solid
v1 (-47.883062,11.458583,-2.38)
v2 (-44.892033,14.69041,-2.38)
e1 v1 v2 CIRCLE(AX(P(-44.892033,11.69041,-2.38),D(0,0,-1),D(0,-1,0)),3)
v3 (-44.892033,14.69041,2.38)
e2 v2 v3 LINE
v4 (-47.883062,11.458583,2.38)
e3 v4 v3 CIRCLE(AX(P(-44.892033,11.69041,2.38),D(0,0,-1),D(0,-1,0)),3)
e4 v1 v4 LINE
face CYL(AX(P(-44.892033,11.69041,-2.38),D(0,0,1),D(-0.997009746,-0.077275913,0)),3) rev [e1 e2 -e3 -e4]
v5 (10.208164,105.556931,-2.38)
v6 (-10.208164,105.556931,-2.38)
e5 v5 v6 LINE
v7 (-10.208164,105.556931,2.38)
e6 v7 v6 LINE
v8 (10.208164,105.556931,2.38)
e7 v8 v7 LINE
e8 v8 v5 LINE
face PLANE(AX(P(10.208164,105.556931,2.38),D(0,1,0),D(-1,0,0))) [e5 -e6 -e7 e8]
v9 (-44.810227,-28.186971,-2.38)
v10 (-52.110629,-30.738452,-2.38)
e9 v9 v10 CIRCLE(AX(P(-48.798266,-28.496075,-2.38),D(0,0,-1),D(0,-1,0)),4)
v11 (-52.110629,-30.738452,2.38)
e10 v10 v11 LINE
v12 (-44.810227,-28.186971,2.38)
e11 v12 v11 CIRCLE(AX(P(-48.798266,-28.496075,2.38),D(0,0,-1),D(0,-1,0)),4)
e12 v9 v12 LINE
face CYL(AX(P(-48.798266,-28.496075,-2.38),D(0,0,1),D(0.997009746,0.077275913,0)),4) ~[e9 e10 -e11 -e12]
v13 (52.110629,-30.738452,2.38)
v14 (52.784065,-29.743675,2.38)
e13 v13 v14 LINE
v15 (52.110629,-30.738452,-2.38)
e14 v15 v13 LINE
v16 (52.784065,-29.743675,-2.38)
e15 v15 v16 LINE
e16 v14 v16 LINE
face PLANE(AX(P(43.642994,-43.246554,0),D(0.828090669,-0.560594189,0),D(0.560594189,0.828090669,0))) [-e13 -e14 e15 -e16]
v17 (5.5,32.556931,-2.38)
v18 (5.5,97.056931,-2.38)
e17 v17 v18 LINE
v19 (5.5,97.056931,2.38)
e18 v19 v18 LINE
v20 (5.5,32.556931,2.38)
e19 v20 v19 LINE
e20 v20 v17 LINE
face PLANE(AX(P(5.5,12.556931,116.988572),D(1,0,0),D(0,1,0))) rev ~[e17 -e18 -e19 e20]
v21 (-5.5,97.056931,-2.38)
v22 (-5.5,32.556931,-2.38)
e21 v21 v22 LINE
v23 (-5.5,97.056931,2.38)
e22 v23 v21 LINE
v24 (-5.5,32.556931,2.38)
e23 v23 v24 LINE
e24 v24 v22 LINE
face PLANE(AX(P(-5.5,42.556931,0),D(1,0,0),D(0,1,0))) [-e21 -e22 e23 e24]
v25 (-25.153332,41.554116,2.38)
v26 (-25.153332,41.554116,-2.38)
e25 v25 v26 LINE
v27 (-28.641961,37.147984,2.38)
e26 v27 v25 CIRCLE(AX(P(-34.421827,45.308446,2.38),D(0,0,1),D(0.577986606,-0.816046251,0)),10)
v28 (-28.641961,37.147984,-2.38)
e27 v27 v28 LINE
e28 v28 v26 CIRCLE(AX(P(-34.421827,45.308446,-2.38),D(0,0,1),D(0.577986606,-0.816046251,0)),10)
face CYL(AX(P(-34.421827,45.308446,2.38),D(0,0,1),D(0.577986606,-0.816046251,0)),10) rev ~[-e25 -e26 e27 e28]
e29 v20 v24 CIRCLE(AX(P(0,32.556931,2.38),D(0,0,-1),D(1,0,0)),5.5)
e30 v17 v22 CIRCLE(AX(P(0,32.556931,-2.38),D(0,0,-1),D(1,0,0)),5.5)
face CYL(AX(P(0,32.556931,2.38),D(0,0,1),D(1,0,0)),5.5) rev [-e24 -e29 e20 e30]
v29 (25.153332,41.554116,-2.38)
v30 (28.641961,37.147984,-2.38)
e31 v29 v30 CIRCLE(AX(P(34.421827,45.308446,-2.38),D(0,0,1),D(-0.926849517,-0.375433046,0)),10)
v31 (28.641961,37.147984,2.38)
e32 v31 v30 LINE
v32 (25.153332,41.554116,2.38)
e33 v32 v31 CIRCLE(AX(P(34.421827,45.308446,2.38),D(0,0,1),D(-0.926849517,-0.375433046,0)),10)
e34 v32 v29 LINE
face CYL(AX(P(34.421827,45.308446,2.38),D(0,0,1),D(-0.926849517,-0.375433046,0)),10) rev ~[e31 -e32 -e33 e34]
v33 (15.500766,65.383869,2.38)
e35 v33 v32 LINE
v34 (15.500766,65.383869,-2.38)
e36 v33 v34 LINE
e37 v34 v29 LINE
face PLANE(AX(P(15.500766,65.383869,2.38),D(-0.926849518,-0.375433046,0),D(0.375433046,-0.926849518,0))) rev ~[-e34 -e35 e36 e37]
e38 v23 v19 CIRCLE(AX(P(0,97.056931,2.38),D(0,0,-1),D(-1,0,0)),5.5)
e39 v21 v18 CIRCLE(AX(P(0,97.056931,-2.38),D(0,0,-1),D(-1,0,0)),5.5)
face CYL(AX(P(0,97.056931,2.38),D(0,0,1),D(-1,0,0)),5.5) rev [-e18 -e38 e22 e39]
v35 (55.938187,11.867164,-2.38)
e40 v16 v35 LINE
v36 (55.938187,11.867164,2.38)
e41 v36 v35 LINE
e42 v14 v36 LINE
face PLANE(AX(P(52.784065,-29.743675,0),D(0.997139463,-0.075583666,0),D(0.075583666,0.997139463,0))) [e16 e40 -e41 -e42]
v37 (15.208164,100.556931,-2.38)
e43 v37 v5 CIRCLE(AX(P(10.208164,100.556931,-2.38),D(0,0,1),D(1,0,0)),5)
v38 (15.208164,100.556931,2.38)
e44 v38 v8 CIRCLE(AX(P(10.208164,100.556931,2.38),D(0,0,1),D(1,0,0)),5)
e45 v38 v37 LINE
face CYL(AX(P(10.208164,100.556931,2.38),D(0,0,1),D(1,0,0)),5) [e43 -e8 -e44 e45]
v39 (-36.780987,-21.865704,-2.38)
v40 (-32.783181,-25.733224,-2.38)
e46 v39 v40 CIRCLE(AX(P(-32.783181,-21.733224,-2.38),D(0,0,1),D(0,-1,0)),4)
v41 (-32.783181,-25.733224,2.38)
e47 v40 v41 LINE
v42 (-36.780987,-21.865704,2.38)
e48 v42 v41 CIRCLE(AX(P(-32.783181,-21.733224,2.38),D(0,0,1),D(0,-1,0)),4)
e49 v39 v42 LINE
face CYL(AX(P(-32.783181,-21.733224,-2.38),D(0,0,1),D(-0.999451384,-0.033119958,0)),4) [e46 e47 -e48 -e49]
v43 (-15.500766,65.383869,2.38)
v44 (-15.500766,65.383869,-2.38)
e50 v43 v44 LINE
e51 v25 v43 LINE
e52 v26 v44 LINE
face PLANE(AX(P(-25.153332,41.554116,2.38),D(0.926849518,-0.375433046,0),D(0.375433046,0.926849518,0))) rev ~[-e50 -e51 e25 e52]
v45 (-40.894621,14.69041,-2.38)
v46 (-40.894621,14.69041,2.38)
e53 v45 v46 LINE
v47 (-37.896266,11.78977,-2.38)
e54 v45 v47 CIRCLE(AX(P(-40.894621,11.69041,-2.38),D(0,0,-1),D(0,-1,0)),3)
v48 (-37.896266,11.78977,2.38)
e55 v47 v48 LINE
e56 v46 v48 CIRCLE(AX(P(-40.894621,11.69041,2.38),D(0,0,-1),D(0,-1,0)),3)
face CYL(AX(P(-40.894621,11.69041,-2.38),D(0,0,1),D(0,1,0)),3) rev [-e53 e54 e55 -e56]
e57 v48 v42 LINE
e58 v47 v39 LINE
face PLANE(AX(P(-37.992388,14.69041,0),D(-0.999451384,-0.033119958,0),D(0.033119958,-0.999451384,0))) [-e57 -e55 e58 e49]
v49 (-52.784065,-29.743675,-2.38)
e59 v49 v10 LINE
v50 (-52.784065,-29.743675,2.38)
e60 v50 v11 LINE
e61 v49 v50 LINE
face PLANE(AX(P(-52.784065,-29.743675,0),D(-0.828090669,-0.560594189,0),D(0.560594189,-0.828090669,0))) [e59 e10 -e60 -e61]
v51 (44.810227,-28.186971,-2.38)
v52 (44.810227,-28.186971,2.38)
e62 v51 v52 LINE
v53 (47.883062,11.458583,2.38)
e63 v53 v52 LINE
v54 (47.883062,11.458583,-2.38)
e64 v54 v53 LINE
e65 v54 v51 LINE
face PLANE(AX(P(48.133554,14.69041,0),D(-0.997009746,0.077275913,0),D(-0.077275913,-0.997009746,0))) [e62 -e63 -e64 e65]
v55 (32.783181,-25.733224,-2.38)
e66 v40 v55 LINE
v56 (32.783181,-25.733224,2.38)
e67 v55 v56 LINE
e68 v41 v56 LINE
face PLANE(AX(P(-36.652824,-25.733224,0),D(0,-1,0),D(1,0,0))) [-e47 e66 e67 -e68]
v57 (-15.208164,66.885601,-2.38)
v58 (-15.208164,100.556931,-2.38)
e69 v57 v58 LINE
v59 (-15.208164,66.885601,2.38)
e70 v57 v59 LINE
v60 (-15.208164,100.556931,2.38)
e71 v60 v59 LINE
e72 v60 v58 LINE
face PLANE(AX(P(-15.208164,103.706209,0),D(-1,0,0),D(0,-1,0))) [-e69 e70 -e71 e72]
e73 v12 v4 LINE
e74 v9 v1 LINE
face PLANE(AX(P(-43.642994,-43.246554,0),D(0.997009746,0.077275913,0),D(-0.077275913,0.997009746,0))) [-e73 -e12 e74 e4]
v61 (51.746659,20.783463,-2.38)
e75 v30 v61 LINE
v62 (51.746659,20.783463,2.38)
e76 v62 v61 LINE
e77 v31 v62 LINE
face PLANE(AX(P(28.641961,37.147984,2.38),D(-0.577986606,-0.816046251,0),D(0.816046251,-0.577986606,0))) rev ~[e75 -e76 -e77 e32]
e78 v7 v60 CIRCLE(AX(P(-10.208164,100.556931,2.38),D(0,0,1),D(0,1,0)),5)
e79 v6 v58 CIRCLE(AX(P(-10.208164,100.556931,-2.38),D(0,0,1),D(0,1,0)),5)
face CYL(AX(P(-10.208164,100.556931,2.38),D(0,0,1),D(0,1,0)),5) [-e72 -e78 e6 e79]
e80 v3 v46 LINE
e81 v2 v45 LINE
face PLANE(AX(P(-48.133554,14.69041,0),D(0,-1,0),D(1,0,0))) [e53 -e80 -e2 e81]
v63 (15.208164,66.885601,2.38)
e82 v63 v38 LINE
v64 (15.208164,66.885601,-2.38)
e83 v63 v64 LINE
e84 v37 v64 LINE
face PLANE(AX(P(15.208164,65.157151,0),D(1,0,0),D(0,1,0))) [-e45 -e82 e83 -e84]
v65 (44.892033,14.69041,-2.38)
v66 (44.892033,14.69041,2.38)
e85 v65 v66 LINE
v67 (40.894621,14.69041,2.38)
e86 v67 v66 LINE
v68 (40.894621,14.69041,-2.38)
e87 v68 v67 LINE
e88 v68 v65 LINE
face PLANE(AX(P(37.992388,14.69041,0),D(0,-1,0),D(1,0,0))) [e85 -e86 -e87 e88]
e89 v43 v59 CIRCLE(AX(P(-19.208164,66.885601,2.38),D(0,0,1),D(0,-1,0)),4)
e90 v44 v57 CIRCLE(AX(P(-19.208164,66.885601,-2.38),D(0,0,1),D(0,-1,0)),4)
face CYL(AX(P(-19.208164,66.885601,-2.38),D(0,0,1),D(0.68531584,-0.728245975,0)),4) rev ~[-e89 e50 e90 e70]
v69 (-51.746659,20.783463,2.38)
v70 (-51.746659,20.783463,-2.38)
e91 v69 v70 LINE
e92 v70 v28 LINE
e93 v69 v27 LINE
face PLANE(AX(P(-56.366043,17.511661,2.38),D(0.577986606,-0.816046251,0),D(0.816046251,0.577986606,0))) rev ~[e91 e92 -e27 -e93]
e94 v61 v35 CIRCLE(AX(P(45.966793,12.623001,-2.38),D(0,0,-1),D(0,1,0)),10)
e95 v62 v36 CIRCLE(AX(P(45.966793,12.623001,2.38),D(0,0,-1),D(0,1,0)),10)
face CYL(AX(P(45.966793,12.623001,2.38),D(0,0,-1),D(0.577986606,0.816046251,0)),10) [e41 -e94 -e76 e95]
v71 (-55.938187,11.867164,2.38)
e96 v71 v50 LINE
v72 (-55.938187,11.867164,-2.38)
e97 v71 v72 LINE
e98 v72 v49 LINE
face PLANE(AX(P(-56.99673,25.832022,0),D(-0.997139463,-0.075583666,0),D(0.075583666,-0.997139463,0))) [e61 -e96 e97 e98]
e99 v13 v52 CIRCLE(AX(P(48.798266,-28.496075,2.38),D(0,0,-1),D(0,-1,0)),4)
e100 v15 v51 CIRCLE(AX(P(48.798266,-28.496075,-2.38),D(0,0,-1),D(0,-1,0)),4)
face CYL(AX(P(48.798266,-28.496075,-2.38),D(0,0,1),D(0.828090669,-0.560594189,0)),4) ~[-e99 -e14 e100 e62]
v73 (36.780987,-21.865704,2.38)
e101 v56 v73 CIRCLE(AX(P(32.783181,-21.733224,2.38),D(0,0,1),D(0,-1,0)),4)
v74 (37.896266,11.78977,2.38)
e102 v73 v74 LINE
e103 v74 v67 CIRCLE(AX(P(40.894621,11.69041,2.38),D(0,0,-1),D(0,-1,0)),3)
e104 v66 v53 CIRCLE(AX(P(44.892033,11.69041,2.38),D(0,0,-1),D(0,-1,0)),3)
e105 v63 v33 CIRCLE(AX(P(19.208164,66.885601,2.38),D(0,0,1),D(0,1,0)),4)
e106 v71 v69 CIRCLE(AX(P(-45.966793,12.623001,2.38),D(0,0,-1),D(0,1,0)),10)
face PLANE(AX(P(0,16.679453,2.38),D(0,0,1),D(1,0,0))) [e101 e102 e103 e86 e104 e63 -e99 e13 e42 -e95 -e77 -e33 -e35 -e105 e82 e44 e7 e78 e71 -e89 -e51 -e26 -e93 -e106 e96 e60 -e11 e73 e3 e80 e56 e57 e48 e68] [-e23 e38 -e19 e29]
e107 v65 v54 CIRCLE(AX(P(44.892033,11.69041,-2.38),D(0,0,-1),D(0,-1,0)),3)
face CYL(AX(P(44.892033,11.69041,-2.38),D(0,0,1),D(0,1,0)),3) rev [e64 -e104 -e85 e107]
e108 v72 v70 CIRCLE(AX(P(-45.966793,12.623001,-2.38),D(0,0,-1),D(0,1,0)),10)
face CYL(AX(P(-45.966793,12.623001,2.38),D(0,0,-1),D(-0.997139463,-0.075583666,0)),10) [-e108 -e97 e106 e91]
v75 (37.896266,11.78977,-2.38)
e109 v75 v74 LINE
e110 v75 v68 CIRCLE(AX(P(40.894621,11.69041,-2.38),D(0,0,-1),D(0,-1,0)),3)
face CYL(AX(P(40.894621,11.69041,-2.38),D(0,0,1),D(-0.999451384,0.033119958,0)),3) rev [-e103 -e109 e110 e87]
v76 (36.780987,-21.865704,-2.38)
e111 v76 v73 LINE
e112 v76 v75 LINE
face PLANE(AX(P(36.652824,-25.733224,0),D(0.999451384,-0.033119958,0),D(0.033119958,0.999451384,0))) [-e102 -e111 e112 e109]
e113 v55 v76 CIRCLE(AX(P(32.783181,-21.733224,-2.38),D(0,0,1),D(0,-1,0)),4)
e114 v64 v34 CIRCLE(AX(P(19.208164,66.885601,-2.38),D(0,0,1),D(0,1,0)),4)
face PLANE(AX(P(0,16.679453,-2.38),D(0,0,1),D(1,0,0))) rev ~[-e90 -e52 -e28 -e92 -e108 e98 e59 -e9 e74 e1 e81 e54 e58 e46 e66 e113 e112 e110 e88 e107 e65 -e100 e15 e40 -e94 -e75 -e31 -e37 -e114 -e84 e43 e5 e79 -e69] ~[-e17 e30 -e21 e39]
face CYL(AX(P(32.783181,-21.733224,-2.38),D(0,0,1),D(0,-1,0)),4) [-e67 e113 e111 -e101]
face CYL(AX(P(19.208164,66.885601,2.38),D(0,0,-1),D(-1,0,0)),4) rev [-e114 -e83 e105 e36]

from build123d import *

# Parameters (mm, degrees)
SALIENTE_EXTRUIR1_DEPTH    = 2.38
REDONDEO1_R                = 4
REDONDEO2_R                = 4
REDONDEO3_R                = 4
REDONDEO4_R                = 3
CORTAR_EXTRUIR1_DEPTH      = 119.368571569
CORTAR_EXTRUIR1_DEPTH_BACK = 119.368571569
CORTAR_EXTRUIR2_DEPTH      = 119.368571569
SALIENTE_EXTRUIR2_DEPTH    = 4.76
REDONDEO5_R                = 10


with BuildPart() as part:
    # Croquis1 → Saliente-Extruir1 (new, symmetric)
    with BuildSketch(Plane.XY):
        with BuildLine():
            Line((5.5, 65.157151242), (15.208163591, 65.157151242))
            Line((15.208163591, 65.157151242), (15.208163591, 103.706209284))
            Line((15.208163591, 103.706209284), (-15.208163591, 103.706209284))
            Line((-15.208163591, 103.706209284), (-15.208163591, 65.157151242))
            Line((-15.208163591, 65.157151242), (-5.5, 65.157151242))
            Line((-5.5, 65.157151242), (-5.5, 82.556930634))
            ThreePointArc((-5.5, 82.556930634), (0, 88.056930634), (5.5, 82.556930634))
            Line((5.5, 82.556930634), (5.5, 65.157151242))
        make_face()
        with BuildLine():
            Line((56.996730438, 25.832022394), (15.208163591, 65.157151242))
            Line((15.208163591, 65.157151242), (5.5, 65.157151242))
            Line((5.5, 65.157151242), (5.5, 42.556930634))
            ThreePointArc((5.5, 42.556930634), (0, 37.056930634), (-5.5, 42.556930634))
            Line((-5.5, 42.556930634), (-5.5, 65.157151242))
            Line((-5.5, 65.157151242), (-15.208163591, 65.157151242))
            Line((-15.208163591, 65.157151242), (-56.996730438, 25.832022394))
            Line((-56.996730438, 25.832022394), (-52.784065, -29.74367502))
            Line((-52.784065, -29.74367502), (-43.642993924, -43.246554306))
            Line((-43.642993924, -43.246554306), (-48.133553694, 14.690410374))
            Line((-48.133553694, 14.690410374), (-37.992388192, 14.690410374))
            Line((-37.992388192, 14.690410374), (-36.652824186, -25.733224315))
            Line((-36.652824186, -25.733224315), (36.652824186, -25.733224315))
            Line((36.652824186, -25.733224315), (37.992388192, 14.690410374))
            Line((37.992388192, 14.690410374), (48.133553694, 14.690410374))
            Line((48.133553694, 14.690410374), (43.642993924, -43.246554306))
            Line((43.642993924, -43.246554306), (52.784065, -29.74367502))
            Line((52.784065, -29.74367502), (56.996730438, 25.832022394))
        make_face()
    extrude(amount=SALIENTE_EXTRUIR1_DEPTH, both=True)

    # Redondeo1
    redondeo1_edges = [part.edges().sort_by_distance(p)[0] for p in [
        (43.642993924, -43.246554306, 0),
        (-43.642993924, -43.246554306, 0),
    ]]
    fillet(redondeo1_edges, radius=REDONDEO1_R)

    # Redondeo2
    redondeo2_edges = [part.edges().sort_by_distance(p)[0] for p in [
        (36.652824186, -25.733224315, 0),
        (-36.652824186, -25.733224315, 0),
    ]]
    fillet(redondeo2_edges, radius=REDONDEO2_R)

    # Redondeo3
    redondeo3_edges = [part.edges().sort_by_distance(p)[0] for p in [
        (56.996730438, 25.832022394, 0),
        (-56.996730438, 25.832022394, 0),
        (-15.208163591, 65.157151242, 0),
        (-15.208163591, 103.706209284, 0),
        (15.208163591, 103.706209284, 0),
        (15.208163591, 65.157151242, 0),
    ]]
    fillet(redondeo3_edges, radius=REDONDEO3_R)

    # Redondeo4
    redondeo4_edges = [part.edges().sort_by_distance(p)[0] for p in [
        (48.133553694, 14.690410374, 0),
        (37.992388192, 14.690410374, 0),
        (-37.992388192, 14.690410374, 0),
        (-48.133553694, 14.690410374, 0),
    ]]
    fillet(redondeo4_edges, radius=REDONDEO4_R)

    # Croquis2 → Cortar-Extruir1 (cut, two sides: drawn at the far end of the back side and taken through both)
    with BuildSketch(Plane(origin=(0, 0, -2.38), x_dir=(-1, 0, 0), z_dir=(0, 0, -1)).offset(-CORTAR_EXTRUIR1_DEPTH_BACK)):
        with BuildLine():
            Line((5.5, 82.556930634), (5.5, 12.556930634))
            ThreePointArc((5.5, 12.556930634), (0, 7.056930634), (-5.5, 12.556930634))
            Line((-5.5, 12.556930634), (-5.5, 82.556930634))
            ThreePointArc((-5.5, 82.556930634), (0, 88.056930634), (5.5, 82.556930634))
        make_face()
    extrude(amount=CORTAR_EXTRUIR1_DEPTH + CORTAR_EXTRUIR1_DEPTH_BACK, mode=Mode.SUBTRACT)

    # Croquis3 → Cortar-Extruir2 (cut, through all)
    with BuildSketch(Plane.XY.offset(2.38)):
        with BuildLine():
            Line((-56.366042887, 17.511660625), (-28.64196137, 37.147983648))
            ThreePointArc((-28.64196137, 37.147983648), (-26.58175129, 39.100934084), (-25.153332254, 41.554115699))
            Line((-25.153332254, 41.554115699), (-15.50076552, 65.383868903))
            ThreePointArc((-15.50076552, 65.383868903), (-15.281995467, 66.120614903), (-15.208163591, 66.885601085))
            Line((-15.208163591, 66.885601085), (-15.208163591, 82.556930634))
            Line((-15.208163591, 82.556930634), (15.208163591, 82.556930634))
            Line((15.208163591, 82.556930634), (15.208163591, 66.885601085))
            ThreePointArc((15.208163591, 66.885601085), (15.281995467, 66.120614903), (15.50076552, 65.383868903))
            Line((15.50076552, 65.383868903), (25.153332254, 41.554115699))
            ThreePointArc((25.153332254, 41.554115699), (26.58175129, 39.100934084), (28.64196137, 37.147983648))
            Line((28.64196137, 37.147983648), (56.366042887, 17.511660625))
            Line((56.366042887, 17.511660625), (71.467091409, 17.511660625))
            Line((71.467091409, 17.511660625), (71.467091409, 120.054882747))
            Line((71.467091409, 120.054882747), (-63.851265514, 120.054882747))
            Line((-63.851265514, 120.054882747), (-63.851265514, 17.511660625))
            Line((-63.851265514, 17.511660625), (-56.366042887, 17.511660625))
        make_face()
    extrude(amount=-CORTAR_EXTRUIR2_DEPTH, mode=Mode.SUBTRACT)

    # Croquis4 → Saliente-Extruir2 (add)
    with BuildSketch(Plane.XY.offset(2.38)):
        with BuildLine():
            Line((-5.5, 32.556930634), (-5.5, 0))
            Line((-5.5, 0), (5.5, 0))
            Line((5.5, 0), (5.5, 32.556930634))
            ThreePointArc((5.5, 32.556930634), (0, 27.056930634), (-5.5, 32.556930634))
        make_face()
        with BuildLine():
            Line((5.5, 97.056930634), (5.5, 82.556930634))
            Line((5.5, 82.556930634), (15.208163591, 82.556930634))
            Line((15.208163591, 82.556930634), (15.208163591, 100.556930634))
            ThreePointArc((15.208163591, 100.556930634), (13.743697497, 104.09246454), (10.208163591, 105.556930634))
            Line((10.208163591, 105.556930634), (-10.208163591, 105.556930634))
            ThreePointArc((-10.208163591, 105.556930634), (-13.743697497, 104.09246454), (-15.208163591, 100.556930634))
            Line((-15.208163591, 100.556930634), (-15.208163591, 82.556930634))
            Line((-15.208163591, 82.556930634), (-5.5, 82.556930634))
            Line((-5.5, 82.556930634), (-5.5, 97.056930634))
            ThreePointArc((-5.5, 97.056930634), (0, 102.556930634), (5.5, 97.056930634))
        make_face()
    extrude(amount=-SALIENTE_EXTRUIR2_DEPTH)

    # Redondeo5
    redondeo5_edges = [part.edges().sort_by_distance(p)[0] for p in [
        (-56.366042887, 17.511660625, 0),
        (56.366042887, 17.511660625, 0),
    ]]
    fillet(redondeo5_edges, radius=REDONDEO5_R)


solid = part.part
